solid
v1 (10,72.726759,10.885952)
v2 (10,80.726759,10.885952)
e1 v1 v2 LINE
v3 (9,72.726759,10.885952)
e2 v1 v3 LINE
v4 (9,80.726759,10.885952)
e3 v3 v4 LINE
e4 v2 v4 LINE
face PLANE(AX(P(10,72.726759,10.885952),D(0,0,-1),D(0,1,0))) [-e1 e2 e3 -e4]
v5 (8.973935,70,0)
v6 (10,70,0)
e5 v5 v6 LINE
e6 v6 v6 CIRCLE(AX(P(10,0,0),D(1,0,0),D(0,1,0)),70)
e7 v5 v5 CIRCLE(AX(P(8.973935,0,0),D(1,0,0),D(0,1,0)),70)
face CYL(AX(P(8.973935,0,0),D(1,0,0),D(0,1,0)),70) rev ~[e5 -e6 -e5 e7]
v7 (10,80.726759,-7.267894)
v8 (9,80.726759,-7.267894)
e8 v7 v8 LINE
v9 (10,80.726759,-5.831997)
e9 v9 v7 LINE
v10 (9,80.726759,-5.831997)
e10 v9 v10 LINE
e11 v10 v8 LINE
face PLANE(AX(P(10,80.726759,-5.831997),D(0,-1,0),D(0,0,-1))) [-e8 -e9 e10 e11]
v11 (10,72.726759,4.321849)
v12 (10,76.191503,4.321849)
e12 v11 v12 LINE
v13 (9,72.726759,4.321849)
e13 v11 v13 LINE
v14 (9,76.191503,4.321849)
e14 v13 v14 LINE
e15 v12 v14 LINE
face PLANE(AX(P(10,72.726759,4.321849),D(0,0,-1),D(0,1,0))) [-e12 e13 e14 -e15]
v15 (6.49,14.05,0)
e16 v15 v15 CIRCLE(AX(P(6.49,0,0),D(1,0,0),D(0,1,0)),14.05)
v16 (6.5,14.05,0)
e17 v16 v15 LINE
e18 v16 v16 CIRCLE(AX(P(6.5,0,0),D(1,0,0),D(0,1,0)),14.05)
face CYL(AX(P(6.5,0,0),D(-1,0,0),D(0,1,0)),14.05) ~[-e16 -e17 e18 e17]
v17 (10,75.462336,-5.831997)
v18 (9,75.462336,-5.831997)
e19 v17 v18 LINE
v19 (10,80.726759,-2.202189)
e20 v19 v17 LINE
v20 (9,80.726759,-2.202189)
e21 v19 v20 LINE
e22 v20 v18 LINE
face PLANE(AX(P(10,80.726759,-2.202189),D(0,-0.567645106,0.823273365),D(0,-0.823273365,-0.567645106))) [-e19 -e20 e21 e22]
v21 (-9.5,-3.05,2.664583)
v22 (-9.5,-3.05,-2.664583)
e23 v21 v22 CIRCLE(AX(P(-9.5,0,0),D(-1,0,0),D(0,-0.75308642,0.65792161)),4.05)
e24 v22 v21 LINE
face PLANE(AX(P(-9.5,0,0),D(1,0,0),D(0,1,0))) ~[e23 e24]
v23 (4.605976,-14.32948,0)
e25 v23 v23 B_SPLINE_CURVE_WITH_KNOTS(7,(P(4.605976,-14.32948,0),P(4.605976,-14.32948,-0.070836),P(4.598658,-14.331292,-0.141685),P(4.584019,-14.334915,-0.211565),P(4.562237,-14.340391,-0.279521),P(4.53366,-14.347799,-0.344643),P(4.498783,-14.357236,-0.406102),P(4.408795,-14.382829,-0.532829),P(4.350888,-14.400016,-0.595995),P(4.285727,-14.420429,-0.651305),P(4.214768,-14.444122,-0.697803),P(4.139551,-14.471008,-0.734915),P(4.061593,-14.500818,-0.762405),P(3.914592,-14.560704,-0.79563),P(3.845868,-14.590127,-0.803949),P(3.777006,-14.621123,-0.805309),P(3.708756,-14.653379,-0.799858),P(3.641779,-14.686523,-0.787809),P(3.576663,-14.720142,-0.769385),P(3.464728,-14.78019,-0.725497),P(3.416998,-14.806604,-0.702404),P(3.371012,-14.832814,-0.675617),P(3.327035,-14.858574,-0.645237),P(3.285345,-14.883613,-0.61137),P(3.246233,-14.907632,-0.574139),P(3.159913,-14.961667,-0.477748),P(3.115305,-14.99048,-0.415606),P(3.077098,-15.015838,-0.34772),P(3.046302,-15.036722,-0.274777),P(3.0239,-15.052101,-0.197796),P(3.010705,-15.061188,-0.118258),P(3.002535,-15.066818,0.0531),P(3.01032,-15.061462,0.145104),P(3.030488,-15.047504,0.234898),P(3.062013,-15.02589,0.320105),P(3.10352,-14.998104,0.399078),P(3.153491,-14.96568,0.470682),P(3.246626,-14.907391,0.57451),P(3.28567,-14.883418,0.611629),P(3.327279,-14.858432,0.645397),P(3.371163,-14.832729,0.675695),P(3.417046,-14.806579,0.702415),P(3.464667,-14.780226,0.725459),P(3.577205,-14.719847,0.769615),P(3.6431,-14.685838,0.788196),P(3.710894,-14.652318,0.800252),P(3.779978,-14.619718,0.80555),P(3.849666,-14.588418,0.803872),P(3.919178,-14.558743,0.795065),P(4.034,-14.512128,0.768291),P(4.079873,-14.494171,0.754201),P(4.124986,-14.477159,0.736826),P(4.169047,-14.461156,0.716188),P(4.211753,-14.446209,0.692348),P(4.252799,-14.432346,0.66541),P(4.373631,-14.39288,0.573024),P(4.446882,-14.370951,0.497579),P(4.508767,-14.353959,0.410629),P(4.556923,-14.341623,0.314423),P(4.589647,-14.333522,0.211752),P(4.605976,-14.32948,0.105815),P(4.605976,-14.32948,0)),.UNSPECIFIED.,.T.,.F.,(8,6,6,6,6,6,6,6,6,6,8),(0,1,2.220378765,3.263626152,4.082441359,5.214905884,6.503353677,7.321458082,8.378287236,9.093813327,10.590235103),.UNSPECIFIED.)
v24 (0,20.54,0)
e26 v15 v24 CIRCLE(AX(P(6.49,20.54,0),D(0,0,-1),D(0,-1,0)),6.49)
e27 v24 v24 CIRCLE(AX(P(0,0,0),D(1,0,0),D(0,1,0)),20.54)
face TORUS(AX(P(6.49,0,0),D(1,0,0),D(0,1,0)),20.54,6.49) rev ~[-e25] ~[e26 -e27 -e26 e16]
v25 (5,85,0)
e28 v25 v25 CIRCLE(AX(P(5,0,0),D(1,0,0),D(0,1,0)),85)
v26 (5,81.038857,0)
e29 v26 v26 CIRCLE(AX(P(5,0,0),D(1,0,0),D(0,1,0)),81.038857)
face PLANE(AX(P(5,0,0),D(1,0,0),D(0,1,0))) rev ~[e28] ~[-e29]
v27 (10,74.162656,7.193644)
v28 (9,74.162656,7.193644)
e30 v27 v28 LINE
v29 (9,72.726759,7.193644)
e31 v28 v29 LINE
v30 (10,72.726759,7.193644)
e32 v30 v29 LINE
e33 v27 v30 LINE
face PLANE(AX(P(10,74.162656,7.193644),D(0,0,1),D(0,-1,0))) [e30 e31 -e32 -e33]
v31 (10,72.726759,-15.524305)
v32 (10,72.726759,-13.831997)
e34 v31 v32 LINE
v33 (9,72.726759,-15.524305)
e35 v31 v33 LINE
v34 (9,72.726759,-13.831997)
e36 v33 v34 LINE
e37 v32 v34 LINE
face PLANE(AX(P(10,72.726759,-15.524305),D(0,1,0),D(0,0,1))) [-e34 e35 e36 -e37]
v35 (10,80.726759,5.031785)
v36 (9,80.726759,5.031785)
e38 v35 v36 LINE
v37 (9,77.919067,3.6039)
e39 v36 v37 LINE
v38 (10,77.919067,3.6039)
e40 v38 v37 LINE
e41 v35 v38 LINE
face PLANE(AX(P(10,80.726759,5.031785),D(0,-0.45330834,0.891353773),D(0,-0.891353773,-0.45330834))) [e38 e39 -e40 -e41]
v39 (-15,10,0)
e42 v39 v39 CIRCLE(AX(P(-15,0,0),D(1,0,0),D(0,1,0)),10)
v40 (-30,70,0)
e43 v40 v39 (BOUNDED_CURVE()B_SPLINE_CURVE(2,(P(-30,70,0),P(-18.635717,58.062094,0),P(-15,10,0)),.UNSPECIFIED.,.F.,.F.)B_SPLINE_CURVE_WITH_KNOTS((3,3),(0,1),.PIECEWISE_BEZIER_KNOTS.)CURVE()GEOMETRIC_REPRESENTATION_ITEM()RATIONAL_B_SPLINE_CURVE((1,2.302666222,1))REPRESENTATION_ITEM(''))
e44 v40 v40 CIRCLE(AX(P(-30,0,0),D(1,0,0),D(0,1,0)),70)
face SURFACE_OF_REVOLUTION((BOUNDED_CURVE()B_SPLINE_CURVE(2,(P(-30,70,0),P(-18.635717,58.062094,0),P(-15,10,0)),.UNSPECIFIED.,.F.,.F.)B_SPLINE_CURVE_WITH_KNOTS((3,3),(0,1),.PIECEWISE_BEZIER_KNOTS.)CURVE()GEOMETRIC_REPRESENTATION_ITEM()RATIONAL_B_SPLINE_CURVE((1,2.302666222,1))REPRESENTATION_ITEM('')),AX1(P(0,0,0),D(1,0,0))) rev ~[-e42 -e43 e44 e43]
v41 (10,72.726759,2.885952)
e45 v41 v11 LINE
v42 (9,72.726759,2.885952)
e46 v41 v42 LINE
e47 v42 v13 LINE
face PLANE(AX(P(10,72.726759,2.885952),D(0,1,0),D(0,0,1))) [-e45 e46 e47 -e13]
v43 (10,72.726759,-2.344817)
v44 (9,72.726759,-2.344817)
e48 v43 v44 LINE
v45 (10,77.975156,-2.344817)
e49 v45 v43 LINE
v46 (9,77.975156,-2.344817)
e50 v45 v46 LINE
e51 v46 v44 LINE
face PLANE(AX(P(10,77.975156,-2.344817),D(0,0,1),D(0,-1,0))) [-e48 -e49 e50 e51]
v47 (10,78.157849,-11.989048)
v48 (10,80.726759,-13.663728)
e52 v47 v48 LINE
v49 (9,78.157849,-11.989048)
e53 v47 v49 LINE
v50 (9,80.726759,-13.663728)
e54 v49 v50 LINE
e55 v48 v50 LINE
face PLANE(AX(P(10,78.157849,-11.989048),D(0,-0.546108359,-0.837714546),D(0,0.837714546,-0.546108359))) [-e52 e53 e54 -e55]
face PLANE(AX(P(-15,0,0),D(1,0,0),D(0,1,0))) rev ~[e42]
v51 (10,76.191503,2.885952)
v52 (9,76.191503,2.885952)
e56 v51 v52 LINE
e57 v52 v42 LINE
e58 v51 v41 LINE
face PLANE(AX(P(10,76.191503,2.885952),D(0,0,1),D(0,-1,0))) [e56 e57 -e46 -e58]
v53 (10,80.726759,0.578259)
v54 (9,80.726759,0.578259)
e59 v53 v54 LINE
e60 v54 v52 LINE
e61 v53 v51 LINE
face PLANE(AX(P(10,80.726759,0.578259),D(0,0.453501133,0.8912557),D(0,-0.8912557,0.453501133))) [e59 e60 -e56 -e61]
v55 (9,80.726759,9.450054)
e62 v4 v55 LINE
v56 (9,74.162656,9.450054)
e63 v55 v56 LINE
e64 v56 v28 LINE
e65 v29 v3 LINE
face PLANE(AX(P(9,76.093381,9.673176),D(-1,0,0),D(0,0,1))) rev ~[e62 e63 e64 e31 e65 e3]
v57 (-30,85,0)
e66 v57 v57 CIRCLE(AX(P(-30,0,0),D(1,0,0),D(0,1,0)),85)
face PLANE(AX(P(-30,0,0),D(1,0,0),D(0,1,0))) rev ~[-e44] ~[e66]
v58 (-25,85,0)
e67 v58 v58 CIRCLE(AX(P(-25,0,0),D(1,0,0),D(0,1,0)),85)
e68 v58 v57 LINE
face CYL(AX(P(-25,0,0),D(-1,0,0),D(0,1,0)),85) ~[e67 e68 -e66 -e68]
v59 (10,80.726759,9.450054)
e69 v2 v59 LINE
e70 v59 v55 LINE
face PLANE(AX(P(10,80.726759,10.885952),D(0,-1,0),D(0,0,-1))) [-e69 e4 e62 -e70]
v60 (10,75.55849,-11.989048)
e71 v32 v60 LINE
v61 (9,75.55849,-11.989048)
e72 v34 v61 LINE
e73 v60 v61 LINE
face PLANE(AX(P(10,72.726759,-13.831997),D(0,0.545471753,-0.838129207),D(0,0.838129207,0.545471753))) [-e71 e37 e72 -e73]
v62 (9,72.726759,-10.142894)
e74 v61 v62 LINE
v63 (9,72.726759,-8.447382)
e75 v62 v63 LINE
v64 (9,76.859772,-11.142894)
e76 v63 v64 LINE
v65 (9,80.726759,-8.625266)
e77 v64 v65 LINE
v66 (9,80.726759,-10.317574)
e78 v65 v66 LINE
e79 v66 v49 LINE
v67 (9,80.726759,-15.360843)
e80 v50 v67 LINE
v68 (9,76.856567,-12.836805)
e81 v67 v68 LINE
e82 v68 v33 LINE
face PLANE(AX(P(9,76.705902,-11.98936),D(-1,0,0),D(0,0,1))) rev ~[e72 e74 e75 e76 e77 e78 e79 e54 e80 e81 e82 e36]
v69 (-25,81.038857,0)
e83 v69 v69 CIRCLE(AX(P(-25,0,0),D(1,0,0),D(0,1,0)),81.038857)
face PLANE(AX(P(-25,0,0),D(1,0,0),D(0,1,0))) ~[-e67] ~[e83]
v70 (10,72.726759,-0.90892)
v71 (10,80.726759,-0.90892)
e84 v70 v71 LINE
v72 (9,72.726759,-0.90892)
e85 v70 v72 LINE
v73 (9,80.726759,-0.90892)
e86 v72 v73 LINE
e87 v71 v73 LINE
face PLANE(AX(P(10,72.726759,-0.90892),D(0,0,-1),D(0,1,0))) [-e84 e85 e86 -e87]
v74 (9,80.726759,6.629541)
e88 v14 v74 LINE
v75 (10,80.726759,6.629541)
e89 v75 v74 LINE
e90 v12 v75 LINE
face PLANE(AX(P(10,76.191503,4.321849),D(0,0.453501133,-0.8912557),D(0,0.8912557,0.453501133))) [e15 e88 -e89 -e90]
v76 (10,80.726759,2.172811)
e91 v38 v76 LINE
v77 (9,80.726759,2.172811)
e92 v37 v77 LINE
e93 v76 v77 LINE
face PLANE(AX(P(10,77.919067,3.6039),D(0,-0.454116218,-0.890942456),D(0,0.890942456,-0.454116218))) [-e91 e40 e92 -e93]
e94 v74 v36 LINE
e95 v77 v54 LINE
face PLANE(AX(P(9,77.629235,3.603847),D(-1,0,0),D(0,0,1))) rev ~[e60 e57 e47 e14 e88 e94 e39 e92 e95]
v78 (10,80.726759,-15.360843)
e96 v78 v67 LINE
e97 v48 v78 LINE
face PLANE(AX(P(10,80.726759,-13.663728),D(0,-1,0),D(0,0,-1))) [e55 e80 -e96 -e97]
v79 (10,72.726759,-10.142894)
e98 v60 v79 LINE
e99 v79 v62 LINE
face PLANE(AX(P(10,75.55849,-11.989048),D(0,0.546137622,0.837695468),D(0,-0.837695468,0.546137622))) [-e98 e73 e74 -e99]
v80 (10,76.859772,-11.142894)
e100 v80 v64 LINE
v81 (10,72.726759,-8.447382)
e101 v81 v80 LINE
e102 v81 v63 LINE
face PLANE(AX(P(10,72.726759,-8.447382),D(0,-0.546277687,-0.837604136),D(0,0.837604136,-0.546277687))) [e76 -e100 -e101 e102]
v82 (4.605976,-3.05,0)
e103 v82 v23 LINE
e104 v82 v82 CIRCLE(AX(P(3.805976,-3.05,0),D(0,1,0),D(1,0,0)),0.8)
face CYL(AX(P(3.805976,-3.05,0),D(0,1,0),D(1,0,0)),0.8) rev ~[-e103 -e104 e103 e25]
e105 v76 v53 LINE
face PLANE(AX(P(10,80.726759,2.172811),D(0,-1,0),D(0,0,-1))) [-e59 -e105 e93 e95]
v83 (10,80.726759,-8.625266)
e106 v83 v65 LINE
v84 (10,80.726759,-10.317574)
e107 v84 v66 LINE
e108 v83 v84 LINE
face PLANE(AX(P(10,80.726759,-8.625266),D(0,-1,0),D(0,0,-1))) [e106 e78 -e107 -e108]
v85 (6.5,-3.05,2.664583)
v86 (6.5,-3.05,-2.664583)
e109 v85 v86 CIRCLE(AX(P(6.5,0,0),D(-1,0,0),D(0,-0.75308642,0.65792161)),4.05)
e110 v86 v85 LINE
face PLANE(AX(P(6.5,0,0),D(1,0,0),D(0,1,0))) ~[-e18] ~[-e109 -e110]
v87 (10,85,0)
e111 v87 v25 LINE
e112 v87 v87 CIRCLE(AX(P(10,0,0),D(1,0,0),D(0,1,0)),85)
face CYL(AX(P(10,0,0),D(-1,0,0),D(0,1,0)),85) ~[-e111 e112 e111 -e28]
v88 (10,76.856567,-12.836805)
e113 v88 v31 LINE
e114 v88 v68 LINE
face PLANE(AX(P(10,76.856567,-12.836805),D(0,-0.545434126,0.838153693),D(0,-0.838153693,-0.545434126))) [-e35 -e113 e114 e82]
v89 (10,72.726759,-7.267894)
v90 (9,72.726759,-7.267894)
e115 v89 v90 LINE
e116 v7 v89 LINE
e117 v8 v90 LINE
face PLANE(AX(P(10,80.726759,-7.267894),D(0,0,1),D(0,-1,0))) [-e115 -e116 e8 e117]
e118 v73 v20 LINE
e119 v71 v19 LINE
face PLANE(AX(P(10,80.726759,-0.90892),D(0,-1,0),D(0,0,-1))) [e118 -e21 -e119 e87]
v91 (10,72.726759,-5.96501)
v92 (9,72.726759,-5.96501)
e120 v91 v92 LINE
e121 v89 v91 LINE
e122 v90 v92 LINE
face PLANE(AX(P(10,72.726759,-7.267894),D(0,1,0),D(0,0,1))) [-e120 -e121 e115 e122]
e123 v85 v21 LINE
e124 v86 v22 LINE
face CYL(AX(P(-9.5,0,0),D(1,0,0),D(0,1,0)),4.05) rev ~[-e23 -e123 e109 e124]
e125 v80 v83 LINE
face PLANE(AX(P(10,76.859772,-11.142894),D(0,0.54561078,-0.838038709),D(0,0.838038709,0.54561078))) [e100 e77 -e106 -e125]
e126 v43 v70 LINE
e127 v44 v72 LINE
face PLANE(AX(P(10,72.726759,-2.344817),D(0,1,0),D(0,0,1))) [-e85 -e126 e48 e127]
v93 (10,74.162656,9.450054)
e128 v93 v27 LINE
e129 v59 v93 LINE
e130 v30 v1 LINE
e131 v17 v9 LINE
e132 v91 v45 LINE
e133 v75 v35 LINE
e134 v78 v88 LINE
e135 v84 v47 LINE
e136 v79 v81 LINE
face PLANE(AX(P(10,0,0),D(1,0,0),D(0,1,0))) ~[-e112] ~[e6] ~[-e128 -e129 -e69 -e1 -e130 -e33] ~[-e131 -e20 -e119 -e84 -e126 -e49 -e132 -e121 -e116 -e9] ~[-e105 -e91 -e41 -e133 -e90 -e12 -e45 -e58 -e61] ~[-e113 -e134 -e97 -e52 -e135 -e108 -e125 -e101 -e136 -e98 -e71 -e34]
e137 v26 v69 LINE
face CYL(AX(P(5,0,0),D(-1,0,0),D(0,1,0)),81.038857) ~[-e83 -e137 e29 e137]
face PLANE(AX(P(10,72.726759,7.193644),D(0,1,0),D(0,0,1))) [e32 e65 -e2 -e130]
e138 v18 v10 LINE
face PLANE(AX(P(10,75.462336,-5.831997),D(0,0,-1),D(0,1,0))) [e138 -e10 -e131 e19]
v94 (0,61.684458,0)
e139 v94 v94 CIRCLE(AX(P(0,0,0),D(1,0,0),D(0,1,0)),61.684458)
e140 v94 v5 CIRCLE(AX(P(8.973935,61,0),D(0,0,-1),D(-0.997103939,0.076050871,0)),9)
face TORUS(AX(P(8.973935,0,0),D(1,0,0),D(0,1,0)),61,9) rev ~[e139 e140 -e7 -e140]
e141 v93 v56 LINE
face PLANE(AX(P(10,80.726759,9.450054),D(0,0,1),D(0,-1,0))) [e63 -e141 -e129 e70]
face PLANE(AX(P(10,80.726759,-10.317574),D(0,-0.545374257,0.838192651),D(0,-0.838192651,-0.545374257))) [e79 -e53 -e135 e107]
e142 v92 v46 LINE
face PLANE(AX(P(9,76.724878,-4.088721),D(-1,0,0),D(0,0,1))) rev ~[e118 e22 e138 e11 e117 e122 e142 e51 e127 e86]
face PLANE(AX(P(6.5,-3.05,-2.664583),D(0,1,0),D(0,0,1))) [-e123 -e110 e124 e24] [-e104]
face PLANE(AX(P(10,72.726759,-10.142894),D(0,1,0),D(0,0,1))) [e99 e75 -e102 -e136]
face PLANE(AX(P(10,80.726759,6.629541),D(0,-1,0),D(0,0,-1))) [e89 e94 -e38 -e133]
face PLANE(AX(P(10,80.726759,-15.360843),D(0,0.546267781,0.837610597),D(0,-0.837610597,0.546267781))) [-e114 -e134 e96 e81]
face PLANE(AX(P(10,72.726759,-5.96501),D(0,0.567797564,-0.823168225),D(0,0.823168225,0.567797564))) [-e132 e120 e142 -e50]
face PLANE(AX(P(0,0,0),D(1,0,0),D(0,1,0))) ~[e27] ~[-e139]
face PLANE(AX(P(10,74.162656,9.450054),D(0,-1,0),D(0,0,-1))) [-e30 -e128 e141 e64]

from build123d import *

# Parameters (mm, degrees)
BOSS_EXTRUDE2_DEPTH = 16
CUT_EXTRUDE2_DEPTH  = 1
SKETCH6_R           = 0.8
CUT_EXTRUDE4_DEPTH  = 20


with BuildPart() as part:
    # Sketch1 → Revolve2 (revolve)
    with BuildSketch(Plane.XY):
        with BuildLine():
            Line((8.97393545, 70), (10, 70))
            Line((10, 70), (10, 85))
            Line((10, 85), (5, 85))
            Line((5, 85), (5, 81.038856971))
            Line((5, 81.038856971), (-25, 81.038856971))
            Line((-25, 81.038856971), (-25, 85))
            Line((-25, 85), (-30, 85))
            Line((-30, 85), (-30, 70))
            add(Edge.make_bspline(
                [(-30, 70), (-18.635717154, 58.062094), (-15, 10)],
                knots=[0, 0, 0, 1, 1, 1], degree=2, weights=[1, 2.302666222, 1]))
            Line((-15, 10), (-15, 0))
            Line((-15, 0), (-9.5, 0))
            Line((-9.5, 0), (-9.5, 4.05))
            Line((-9.5, 4.05), (6.5, 4.05))
            Line((6.5, 4.05), (6.5, 14.05))
            Line((6.5, 14.05), (6.49, 14.05))
            ThreePointArc((6.49, 14.05), (1.90087699, 15.95087699), (0, 20.54))
            Line((0, 20.54), (0, 61.684457842))
            ThreePointArc((0, 61.684457842), (2.856751481, 67.601519544), (8.97393545, 70))
        make_face()
    revolve(axis=Axis((0, 0, 0), (1, 0, 0)))

    # Sketch2 → Boss-Extrude2 (add)
    with BuildSketch(Plane(origin=(6.5, 0, 0), x_dir=(0, 0, -1), z_dir=(1, 0, 0))):
        with BuildLine():
            Line((0, -3.05), (-2.664582519, -3.05))
            ThreePointArc((-2.664582519, -3.05), (0, -4.05), (2.664582519, -3.05))
            Line((2.664582519, -3.05), (0, -3.05))
        make_face()
    extrude(amount=-BOSS_EXTRUDE2_DEPTH)

    # Sketch5 → Cut-Extrude2 (cut)
    with BuildSketch(Plane(origin=(10, 0, 0), x_dir=(0, 0, -1), z_dir=(1, 0, 0))):
        Polygon((-10.885951739, 80.726758939), (-9.450054303, 80.726758939), (-9.450054303, 74.162656375), (-7.193644046, 74.162656375), (-7.193644046, 72.726758939), (-10.885951739, 72.726758939), align=None)
        Polygon((-6.629541482, 80.726758939), (-5.031785072, 80.726758939), (-3.603900457, 77.919066632), (-2.172810713, 80.726758939), (-0.578259431, 80.726758939), (-2.885951739, 76.191502529), (-2.885951739, 72.726758939), (-4.321849175, 72.726758939), (-4.321849175, 76.191502529), align=None)
        Polygon((0.908920056, 80.726758939), (2.202189287, 80.726758939), (5.831996979, 75.462335862), (5.831996979, 80.726758939), (7.267894415, 80.726758939), (7.267894415, 72.726758939), (5.9650098, 72.726758939), (2.344817492, 77.975156375), (2.344817492, 72.726758939), (0.908920056, 72.726758939), align=None)
        Polygon((8.62526621, 80.726758939), (10.317573902, 80.726758939), (11.989048261, 78.157848683), (13.663727748, 80.726758939), (15.360843133, 80.726758939), (12.836804672, 76.856566632), (15.524304672, 72.726758939), (13.831996979, 72.726758939), (11.989048261, 75.558489709), (10.142894415, 72.726758939), (8.447381595, 72.726758939), (11.142894415, 76.85977176), align=None)
    extrude(amount=-CUT_EXTRUDE2_DEPTH, mode=Mode.SUBTRACT)

    # Sketch6 → Cut-Extrude4 (cut)
    with BuildSketch(Plane(origin=(0, -3.05, 0), x_dir=(1, 0, 0), z_dir=(0, 1, 0))):
        with Locations((3.805975745, 0)):
            Circle(SKETCH6_R)
    extrude(amount=-CUT_EXTRUDE4_DEPTH, mode=Mode.SUBTRACT)


solid = part.part
